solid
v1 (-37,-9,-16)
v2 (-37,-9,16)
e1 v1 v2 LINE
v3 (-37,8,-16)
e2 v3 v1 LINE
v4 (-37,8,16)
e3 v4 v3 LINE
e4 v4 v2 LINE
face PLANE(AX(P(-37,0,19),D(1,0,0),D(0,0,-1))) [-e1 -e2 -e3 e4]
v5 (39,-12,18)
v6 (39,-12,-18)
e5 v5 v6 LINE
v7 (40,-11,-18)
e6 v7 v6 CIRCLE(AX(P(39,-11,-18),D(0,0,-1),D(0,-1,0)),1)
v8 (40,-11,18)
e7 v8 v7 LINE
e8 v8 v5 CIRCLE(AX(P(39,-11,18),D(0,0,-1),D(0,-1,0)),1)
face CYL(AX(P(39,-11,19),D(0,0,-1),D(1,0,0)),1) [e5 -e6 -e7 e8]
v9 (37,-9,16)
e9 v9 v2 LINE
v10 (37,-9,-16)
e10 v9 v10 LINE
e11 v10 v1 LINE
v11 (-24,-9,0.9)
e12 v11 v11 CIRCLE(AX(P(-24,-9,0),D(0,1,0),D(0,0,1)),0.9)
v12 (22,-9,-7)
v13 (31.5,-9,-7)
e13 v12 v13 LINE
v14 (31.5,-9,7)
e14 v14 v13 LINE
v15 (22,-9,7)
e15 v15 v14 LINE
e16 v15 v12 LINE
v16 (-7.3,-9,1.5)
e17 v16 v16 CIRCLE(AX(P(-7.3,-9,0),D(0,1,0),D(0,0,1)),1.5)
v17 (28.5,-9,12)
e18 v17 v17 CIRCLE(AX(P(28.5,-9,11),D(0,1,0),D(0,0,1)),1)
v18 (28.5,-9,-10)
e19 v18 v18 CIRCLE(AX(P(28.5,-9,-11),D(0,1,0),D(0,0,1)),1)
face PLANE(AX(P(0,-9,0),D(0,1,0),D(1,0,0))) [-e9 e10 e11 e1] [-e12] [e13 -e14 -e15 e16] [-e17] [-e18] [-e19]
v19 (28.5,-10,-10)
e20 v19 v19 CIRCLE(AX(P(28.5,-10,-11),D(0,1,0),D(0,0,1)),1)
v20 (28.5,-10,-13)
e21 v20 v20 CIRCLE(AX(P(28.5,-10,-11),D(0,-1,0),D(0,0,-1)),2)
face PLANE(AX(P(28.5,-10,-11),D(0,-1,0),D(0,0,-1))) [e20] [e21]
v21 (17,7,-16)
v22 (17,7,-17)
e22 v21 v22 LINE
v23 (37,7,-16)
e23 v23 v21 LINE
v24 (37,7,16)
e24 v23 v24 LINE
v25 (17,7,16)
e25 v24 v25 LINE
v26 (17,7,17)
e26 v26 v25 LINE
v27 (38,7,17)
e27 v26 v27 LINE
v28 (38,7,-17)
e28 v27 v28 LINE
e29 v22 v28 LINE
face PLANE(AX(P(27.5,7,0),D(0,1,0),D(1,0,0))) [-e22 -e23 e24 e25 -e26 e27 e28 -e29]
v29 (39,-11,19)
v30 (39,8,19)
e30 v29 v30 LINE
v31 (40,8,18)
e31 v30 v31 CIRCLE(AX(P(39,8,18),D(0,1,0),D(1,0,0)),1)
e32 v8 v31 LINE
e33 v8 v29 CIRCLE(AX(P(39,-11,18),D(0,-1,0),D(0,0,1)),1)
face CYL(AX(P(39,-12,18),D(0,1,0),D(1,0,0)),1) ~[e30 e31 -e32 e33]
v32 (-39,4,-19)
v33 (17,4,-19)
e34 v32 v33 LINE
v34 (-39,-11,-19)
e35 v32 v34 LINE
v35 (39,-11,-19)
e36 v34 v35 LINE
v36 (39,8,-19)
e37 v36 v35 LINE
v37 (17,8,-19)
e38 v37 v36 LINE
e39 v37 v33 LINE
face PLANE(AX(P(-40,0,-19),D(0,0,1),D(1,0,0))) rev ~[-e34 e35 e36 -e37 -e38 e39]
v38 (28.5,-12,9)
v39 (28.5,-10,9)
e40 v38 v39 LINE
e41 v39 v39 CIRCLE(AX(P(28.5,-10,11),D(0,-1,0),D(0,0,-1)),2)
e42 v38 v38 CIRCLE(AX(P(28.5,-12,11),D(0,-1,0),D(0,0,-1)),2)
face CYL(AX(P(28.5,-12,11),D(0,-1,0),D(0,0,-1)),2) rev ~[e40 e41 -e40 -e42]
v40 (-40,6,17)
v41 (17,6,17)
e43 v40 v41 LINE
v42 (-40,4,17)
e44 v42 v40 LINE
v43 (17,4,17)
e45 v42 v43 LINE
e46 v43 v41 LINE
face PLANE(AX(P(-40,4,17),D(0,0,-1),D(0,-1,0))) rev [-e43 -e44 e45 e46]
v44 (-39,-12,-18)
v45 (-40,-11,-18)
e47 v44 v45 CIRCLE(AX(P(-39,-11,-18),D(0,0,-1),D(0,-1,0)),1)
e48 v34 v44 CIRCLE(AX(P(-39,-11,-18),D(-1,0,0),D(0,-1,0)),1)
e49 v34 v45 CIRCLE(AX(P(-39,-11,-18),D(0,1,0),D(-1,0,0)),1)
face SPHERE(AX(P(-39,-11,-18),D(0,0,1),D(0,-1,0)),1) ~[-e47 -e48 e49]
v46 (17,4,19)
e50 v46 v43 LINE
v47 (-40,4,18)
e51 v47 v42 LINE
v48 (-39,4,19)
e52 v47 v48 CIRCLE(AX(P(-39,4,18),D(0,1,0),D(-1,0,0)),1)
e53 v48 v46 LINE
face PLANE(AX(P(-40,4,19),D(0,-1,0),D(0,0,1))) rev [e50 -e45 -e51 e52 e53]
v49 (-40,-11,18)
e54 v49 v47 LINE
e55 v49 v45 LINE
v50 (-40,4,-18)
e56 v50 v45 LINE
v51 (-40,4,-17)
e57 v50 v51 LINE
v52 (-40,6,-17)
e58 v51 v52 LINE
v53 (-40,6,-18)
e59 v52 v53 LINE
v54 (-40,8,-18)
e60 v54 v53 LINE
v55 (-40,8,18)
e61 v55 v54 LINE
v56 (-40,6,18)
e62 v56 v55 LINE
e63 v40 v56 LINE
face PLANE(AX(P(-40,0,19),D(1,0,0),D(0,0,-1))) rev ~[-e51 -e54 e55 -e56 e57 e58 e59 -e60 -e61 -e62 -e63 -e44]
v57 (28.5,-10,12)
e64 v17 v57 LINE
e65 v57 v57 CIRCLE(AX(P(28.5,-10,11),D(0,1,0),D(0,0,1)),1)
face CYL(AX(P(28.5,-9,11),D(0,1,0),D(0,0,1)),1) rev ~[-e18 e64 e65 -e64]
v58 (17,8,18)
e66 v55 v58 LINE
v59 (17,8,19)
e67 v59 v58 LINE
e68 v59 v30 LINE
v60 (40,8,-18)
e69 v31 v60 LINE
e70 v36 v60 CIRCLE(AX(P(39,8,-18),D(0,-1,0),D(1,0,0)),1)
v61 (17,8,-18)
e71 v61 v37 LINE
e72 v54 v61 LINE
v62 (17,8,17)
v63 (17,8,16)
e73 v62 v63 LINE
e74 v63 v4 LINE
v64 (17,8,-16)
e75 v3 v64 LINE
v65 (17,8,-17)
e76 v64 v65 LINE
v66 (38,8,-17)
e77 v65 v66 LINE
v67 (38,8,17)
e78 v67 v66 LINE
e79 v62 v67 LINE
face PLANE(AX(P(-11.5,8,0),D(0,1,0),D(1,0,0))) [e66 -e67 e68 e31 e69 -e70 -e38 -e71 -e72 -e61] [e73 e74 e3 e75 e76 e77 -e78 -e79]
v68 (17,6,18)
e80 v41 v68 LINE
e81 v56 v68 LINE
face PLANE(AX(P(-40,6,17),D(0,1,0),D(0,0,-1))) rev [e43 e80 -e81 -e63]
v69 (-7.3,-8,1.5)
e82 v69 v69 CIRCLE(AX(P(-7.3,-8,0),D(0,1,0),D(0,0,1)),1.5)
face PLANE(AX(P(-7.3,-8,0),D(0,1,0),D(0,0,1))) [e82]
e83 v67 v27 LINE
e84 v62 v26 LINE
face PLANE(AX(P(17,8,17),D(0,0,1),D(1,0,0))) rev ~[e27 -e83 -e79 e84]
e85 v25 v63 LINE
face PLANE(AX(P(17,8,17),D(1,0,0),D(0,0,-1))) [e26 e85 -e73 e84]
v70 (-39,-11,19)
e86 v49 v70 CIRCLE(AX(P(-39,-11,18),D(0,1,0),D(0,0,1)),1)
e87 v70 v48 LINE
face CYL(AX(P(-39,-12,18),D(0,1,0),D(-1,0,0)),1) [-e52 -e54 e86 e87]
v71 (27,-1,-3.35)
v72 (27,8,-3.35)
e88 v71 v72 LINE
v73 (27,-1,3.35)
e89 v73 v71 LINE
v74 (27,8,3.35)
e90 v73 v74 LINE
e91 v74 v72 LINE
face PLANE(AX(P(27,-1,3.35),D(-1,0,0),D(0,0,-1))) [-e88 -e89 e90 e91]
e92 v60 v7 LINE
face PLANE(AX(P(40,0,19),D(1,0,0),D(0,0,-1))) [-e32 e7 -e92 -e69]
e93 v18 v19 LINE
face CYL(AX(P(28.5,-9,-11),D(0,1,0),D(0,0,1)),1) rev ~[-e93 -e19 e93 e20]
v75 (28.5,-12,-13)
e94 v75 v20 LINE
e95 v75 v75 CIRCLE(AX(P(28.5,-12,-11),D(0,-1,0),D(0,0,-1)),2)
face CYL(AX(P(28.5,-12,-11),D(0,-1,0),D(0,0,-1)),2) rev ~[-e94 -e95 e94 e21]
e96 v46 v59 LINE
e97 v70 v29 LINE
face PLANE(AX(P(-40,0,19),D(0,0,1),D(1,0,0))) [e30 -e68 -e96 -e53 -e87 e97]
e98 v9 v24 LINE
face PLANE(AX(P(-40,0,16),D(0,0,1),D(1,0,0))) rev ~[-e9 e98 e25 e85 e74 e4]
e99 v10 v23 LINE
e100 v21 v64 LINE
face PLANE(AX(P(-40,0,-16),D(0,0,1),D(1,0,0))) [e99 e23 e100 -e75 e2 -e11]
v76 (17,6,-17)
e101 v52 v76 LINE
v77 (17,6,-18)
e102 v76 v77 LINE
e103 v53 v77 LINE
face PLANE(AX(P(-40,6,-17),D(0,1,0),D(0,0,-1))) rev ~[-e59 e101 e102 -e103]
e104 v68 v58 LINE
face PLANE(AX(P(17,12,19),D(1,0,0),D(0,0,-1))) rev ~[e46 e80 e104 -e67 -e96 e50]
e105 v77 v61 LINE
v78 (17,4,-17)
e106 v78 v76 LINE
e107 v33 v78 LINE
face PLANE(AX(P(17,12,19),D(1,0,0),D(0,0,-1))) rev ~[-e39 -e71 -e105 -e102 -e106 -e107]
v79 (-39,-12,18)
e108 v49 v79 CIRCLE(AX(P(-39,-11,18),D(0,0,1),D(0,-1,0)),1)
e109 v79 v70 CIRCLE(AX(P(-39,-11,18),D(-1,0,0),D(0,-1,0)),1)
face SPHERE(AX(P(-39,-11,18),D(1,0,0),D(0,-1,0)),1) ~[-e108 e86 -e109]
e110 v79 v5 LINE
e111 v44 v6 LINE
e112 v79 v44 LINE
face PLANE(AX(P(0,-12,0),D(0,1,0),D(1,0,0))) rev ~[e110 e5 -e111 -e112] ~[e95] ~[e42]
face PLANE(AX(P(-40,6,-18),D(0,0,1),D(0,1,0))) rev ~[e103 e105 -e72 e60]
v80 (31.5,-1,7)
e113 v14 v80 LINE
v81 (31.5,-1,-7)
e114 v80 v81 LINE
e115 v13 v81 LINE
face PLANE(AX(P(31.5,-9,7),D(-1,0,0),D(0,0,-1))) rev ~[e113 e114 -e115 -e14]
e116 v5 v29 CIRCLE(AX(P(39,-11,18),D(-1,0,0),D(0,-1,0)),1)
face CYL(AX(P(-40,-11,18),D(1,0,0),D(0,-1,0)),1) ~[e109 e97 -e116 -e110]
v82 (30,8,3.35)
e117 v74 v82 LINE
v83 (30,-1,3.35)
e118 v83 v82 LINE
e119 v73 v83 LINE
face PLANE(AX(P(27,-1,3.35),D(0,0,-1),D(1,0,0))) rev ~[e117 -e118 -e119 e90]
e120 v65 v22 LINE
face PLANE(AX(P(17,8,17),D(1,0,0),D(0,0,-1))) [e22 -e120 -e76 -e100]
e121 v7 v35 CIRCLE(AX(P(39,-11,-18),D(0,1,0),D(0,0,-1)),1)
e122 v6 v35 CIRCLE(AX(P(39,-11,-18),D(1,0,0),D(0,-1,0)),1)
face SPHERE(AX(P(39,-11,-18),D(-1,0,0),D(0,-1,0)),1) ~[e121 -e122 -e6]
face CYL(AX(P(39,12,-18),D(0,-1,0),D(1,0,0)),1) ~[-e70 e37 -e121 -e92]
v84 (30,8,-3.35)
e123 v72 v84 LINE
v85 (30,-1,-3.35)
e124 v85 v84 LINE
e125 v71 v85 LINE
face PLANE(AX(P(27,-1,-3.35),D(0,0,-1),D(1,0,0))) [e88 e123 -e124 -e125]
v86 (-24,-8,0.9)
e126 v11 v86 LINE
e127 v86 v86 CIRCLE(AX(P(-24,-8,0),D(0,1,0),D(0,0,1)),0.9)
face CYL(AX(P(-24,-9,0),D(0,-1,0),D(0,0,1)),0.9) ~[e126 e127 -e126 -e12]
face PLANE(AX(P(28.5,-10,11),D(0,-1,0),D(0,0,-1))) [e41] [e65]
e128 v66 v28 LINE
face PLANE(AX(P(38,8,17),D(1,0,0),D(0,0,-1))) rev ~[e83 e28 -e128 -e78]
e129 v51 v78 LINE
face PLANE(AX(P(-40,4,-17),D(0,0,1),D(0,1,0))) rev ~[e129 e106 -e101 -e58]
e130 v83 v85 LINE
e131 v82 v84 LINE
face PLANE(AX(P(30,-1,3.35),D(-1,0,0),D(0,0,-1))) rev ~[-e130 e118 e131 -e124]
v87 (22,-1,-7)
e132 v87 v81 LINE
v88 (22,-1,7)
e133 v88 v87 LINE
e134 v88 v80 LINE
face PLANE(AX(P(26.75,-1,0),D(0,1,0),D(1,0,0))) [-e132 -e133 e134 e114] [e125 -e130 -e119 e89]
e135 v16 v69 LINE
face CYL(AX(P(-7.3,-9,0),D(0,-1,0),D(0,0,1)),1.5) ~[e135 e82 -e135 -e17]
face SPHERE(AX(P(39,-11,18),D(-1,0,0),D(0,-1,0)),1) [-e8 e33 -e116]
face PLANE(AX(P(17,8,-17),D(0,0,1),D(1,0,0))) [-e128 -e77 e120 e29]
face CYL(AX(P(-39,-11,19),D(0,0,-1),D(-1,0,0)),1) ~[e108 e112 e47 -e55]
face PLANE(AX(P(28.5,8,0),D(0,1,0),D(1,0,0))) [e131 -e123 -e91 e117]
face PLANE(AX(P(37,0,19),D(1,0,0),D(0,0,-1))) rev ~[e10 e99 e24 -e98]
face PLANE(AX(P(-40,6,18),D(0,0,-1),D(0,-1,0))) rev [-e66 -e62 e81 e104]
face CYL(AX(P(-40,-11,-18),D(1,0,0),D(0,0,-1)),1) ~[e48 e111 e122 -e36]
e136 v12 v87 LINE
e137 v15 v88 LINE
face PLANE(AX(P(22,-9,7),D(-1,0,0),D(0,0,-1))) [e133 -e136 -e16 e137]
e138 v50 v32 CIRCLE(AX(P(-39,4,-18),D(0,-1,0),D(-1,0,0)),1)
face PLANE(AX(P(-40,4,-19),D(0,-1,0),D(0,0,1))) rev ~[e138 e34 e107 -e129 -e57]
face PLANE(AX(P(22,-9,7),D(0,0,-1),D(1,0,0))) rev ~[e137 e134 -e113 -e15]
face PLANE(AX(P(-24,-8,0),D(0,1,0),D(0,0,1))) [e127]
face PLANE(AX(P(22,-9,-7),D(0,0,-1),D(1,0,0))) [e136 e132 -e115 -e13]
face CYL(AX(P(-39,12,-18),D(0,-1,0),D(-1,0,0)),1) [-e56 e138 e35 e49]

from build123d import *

# Parameters (mm, degrees)
SKETCH1_W           = 80
SKETCH1_H           = 38
BOSS_EXTRUDE1_DEPTH = 12
FILLET1_R           = 1
SKETCH3_W           = 57
SKETCH3_H           = 38
CUT_EXTRUDE1_DEPTH  = 4
SHELL1_T            = -3
CUT_EXTRUDE2_DEPTH  = 57
SKETCH5_R           = 0.9
SKETCH5_R_2         = 1.5
BOSS_EXTRUDE2_DEPTH = 1
SKETCH6_W           = 23
SKETCH6_H           = 38
CUT_EXTRUDE3_DEPTH  = 4
SKETCH7_W           = 9.5
SKETCH7_H           = 14
BOSS_EXTRUDE3_DEPTH = 8
SKETCH9_W           = 21
SKETCH9_H           = 34
CUT_EXTRUDE6_DEPTH  = 1
SKETCH8_W           = 3
SKETCH8_H           = 6.7
BOSS_EXTRUDE4_DEPTH = 9
CUT_EXTRUDE7_REACH  = 49.434
SKETCH10_R          = 1
SKETCH11_R          = 2
CUT_EXTRUDE8_DEPTH  = 2


with BuildPart() as part:
    # Sketch1 → Boss-Extrude1 (new, symmetric)
    with BuildSketch(Plane(origin=(0, 0, 0), x_dir=(1, 0, 0), z_dir=(0, 1, 0))):
        Rectangle(SKETCH1_W, SKETCH1_H)
    extrude(amount=BOSS_EXTRUDE1_DEPTH, both=True)

    # Fillet1
    fillet1_edges = [part.edges().sort_by_distance(p)[0] for p in [
        (-40, 12, 0),
        (0, 12, 19),
        (40, 12, 0),
        (0, -12, 19),
        (-40, -12, 0),
        (0, -12, -19),
        (40, -12, 0),
        (0, 12, -19),
        (40, 0, 19),
        (-40, 0, 19),
        (-40, 0, -19),
        (40, 0, -19),
    ]]
    fillet(fillet1_edges, radius=FILLET1_R)

    # Sketch3 → Cut-Extrude1 (cut)
    with BuildSketch(Plane(origin=(0, 12, 0), x_dir=(1, 0, 0), z_dir=(0, 1, 0))):
        with Locations((-11.5, 0)):
            Rectangle(SKETCH3_W, SKETCH3_H)
    extrude(amount=-CUT_EXTRUDE1_DEPTH, mode=Mode.SUBTRACT)

    # Shell1
    shell1_openings = [part.faces().sort_by_distance(p)[0] for p in [
        (17, 9.994969103, 0),
        (-11.494395734, 8, 0),
    ]]
    offset(amount=SHELL1_T, openings=shell1_openings, kind=Kind.INTERSECTION)

    # Sketch4 → Cut-Extrude2 (cut)
    with BuildSketch(Plane.ZY.offset(40)):
        Polygon((-18, 8), (-19, 8), (-19, 4), (-18, 4), (-17, 4), (-17, 6), (-18, 6), align=None)
    cut_extrude2 = extrude(amount=-CUT_EXTRUDE2_DEPTH, mode=Mode.SUBTRACT)

    # Mirror1: Cut-Extrude2 across plane
    add(cut_extrude2.mirror(Plane.XY), mode=Mode.SUBTRACT)

    # Sketch5 → Boss-Extrude2 (add)
    with BuildSketch(Plane(origin=(0, -9, 0), x_dir=(1, 0, 0), z_dir=(0, 1, 0))):
        with Locations(Location((-24, 0, 0), (0, 0, 270))):
            Circle(SKETCH5_R)
        with Locations(Location((-7.3, 0, 0), (0, 0, 270))):
            Circle(SKETCH5_R_2)
    extrude(amount=BOSS_EXTRUDE2_DEPTH)

    # Sketch6 → Cut-Extrude3 (cut)
    with BuildSketch(Plane(origin=(0, 12, 0), x_dir=(1, 0, 0), z_dir=(0, 1, 0))):
        with Locations((28.5, 0)):
            Rectangle(SKETCH6_W, SKETCH6_H)
    extrude(amount=-CUT_EXTRUDE3_DEPTH, mode=Mode.SUBTRACT)

    # Sketch7 → Boss-Extrude3 (add)
    with BuildSketch(Plane(origin=(0, -9, 0), x_dir=(1, 0, 0), z_dir=(0, 1, 0))):
        with Locations((26.75, 0)):
            Rectangle(SKETCH7_W, SKETCH7_H)
    extrude(amount=BOSS_EXTRUDE3_DEPTH)

    # Sketch9 → Cut-Extrude6 (cut)
    with BuildSketch(Plane(origin=(0, 8, 0), x_dir=(1, 0, 0), z_dir=(0, 1, 0))):
        with Locations((27.5, 0)):
            Rectangle(SKETCH9_W, SKETCH9_H)
    extrude(amount=-CUT_EXTRUDE6_DEPTH, mode=Mode.SUBTRACT)

    # Sketch8 → Boss-Extrude4 (add)
    with BuildSketch(Plane(origin=(0, -1, 0), x_dir=(1, 0, 0), z_dir=(0, 1, 0))):
        with Locations((28.5, 0)):
            Rectangle(SKETCH8_W, SKETCH8_H)
    extrude(amount=BOSS_EXTRUDE4_DEPTH)

    # Sketch10 → Cut-Extrude7 (cut, up to next)
    with BuildSketch(Plane(origin=(0, -9, 0), x_dir=(1, 0, 0), z_dir=(0, 1, 0)), mode=Mode.PRIVATE) as cut_extrude7_sk1:
        with Locations(Location((28.5, 11, 0), (0, 0, 270))):
            Circle(SKETCH10_R)
    cut_extrude7_tool1 = extrude(cut_extrude7_sk1.sketch, amount=-CUT_EXTRUDE7_REACH, mode=Mode.PRIVATE) & part.part
    # Sketch10 → Cut-Extrude7 (cut, up to next)
    with BuildSketch(Plane(origin=(0, -9, 0), x_dir=(1, 0, 0), z_dir=(0, 1, 0)), mode=Mode.PRIVATE) as cut_extrude7_sk2:
        with Locations(Location((28.5, -11, 0), (0, 0, 270))):
            Circle(SKETCH10_R)
    cut_extrude7_tool2 = extrude(cut_extrude7_sk2.sketch, amount=-CUT_EXTRUDE7_REACH, mode=Mode.PRIVATE) & part.part
    add(cut_extrude7_tool1.solids().sort_by_distance((28.5, -9, -11))[0], mode=Mode.SUBTRACT)
    add(cut_extrude7_tool2.solids().sort_by_distance((28.5, -9, 11))[0], mode=Mode.SUBTRACT)

    # Sketch11 → Cut-Extrude8 (cut)
    with BuildSketch(Plane.XZ.offset(12)):
        with Locations(Location((28.5, -11, 0), (0, 0, 270))):
            Circle(SKETCH11_R)
        with Locations(Location((28.5, 11, 0), (0, 0, 270))):
            Circle(SKETCH11_R)
    extrude(amount=-CUT_EXTRUDE8_DEPTH, mode=Mode.SUBTRACT)


solid = part.part
